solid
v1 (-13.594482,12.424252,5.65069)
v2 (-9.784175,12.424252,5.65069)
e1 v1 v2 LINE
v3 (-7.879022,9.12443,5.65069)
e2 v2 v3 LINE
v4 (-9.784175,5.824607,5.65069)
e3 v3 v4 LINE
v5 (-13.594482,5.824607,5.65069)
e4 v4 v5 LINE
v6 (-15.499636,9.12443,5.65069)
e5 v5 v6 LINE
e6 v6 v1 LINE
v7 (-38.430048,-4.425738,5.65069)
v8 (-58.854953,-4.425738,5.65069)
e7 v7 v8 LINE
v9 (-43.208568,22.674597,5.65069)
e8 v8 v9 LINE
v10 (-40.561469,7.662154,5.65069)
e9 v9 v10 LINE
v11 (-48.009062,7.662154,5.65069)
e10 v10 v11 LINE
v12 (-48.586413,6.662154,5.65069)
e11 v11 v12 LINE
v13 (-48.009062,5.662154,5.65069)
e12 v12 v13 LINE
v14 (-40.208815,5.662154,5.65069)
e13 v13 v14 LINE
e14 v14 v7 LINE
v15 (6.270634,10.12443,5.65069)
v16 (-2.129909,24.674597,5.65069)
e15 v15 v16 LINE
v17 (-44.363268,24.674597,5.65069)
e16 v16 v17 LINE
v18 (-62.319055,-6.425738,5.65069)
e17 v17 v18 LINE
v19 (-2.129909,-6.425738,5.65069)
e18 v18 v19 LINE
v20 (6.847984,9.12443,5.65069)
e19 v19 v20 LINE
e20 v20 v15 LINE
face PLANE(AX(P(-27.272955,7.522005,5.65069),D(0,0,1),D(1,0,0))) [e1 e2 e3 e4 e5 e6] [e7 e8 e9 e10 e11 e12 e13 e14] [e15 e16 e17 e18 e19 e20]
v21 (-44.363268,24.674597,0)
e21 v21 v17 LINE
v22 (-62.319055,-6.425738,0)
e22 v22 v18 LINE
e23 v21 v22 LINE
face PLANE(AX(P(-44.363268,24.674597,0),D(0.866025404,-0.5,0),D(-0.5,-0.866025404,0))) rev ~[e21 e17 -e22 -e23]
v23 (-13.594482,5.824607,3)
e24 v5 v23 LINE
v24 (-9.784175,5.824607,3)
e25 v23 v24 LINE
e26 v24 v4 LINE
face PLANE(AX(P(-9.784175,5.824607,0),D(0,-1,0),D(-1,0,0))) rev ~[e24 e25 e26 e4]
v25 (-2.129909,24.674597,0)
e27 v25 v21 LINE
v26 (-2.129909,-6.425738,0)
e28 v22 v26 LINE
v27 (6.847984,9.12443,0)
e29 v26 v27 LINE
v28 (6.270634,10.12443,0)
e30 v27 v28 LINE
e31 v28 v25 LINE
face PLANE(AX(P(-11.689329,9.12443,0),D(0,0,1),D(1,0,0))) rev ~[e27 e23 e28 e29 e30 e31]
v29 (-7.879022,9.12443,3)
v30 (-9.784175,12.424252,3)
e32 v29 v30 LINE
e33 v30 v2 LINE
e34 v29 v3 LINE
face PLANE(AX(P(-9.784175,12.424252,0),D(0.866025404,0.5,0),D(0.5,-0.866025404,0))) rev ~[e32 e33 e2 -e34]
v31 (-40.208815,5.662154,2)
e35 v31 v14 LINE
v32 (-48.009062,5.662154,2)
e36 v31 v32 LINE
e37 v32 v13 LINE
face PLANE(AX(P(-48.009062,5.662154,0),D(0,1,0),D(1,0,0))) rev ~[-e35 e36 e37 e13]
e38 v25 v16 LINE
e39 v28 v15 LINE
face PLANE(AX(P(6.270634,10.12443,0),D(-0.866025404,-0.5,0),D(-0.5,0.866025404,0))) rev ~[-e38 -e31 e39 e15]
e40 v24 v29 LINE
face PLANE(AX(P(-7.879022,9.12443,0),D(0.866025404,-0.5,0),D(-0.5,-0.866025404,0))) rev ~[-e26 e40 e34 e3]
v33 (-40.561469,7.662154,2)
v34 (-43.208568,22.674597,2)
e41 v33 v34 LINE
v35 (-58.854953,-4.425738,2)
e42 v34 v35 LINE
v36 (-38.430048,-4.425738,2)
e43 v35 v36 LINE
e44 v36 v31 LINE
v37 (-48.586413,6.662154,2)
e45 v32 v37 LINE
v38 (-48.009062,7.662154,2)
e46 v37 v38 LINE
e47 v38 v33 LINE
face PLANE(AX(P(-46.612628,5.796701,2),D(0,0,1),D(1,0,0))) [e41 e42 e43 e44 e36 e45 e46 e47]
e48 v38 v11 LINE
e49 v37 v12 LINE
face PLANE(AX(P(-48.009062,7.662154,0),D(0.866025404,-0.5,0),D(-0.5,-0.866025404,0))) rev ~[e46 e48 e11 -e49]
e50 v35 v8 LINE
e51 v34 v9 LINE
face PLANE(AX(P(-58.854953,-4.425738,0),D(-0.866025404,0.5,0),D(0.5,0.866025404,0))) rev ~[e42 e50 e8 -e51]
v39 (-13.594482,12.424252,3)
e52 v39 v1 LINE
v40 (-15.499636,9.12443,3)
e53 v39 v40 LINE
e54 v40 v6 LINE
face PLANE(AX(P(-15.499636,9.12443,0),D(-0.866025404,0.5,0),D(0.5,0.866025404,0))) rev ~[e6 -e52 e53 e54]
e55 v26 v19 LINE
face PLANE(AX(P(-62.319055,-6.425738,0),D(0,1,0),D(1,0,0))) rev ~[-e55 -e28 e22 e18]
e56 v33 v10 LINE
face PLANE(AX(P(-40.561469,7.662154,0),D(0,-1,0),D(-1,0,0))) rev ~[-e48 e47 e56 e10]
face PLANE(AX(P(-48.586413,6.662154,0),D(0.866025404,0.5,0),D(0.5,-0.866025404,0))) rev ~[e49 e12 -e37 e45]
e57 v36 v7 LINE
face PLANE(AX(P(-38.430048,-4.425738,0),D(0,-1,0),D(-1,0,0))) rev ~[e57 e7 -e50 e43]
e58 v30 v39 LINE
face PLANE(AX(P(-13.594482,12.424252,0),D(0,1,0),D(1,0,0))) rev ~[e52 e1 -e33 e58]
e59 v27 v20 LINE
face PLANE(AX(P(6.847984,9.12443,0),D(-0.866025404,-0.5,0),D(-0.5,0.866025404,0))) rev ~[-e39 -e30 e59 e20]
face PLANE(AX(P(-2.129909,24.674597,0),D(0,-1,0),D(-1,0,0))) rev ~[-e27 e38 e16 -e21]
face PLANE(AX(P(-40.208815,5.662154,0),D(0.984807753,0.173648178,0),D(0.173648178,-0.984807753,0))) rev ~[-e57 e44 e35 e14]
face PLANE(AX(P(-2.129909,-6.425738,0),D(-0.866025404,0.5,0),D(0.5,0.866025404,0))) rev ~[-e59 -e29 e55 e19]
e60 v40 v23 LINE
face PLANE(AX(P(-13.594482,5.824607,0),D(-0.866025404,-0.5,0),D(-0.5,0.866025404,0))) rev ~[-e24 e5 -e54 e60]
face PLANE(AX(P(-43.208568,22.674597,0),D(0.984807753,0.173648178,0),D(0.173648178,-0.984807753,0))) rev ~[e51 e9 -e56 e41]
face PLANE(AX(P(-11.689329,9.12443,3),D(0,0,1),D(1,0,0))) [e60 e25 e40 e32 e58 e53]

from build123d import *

# Parameters (mm, degrees)
F1_DEPTH = 2
F2_DEPTH = 5.6506898254
F3_DEPTH = 3


with BuildPart() as f1:
    # F0 (on Top) → F1 (new body)
    with BuildSketch(Plane.XY):
        Polygon((-43.2085677565, 22.6745967576), (-58.8549531333, -4.4257376699), (-38.4300476107, -4.4257376699), (-40.2088151152, 5.6621541398), (-48.0090622621, 5.6621541398), (-48.5864125313, 6.6621541398), (-48.0090622621, 7.6621541398), (-40.5614690766, 7.6621541398), align=None)
    extrude(amount=F1_DEPTH)



with BuildPart() as f1b:
    # F0 (on Top) → F1, piece 2 (new body)
    with BuildSketch(Plane.XY):
        Polygon((-41.2085677565, 22.6745967576), (-36.4300476107, -4.4257376699), (-25.5239465254, -4.4257376699), (-23.5239465254, -4.4257376699), (-23.1770010553, -4.4257376699), (-25.5239465254, 8.8844515061), (-33.4898163741, 8.8844515061), (-34.0671666433, 9.8844515061), (-33.4898163741, 10.8844515061), (-22.7936475677, 10.8844515061), (-20.0940481363, -4.4257376699), (-3.2846095154, -4.4257376699), (4.538583173, 9.1244295439), (-3.2846095154, 22.6745967576), (-20.0940481363, 22.6745967576), (-24.4790815038, 15.0794961721), (-25.6024042349, 14.7936511306), (-33.2868439501, 22.6745967576), align=None)
        Polygon((-15.4996355878, 9.1244295439), (-13.5944822068, 12.424251996), (-9.7841754448, 12.424251996), (-7.8790220638, 9.1244295439), (-9.7841754448, 5.8246070917), (-13.5944822068, 5.8246070917), align=None, mode=Mode.SUBTRACT)
    extrude(amount=F1_DEPTH)


with BuildPart() as f1_1:
    add(f1.part)

    add(f1b.part)  # F2 merges F1b
    # F0 (on Top) → F2 (join)
    with BuildSketch(Plane.XY):
        Polygon((-20.0940481363, 24.6745967576), (-44.3632682949, 24.6745967576), (-62.3190547484, -6.4257376699), (-38.9180315569, -6.4257376699), (-2.129908977, -6.4257376699), (6.8479842498, 9.1244295439), (6.2706339806, 10.1244295439), (-2.129908977, 24.6745967576), (-2.8602079346, 24.6745967576), align=None)
        Polygon((-38.4300476107, -4.4257376699), (-58.8549531333, -4.4257376699), (-43.2085677565, 22.6745967576), (-41.2085677565, 22.6745967576), (-33.2868439501, 22.6745967576), (-30.5356123181, 22.6745967576), (-20.0940481363, 22.6745967576), (-3.2846095154, 22.6745967576), (4.538583173, 9.1244295439), (-3.2846095154, -4.4257376699), (-20.0940481363, -4.4257376699), (-23.1770010553, -4.4257376699), (-23.5239465254, -4.4257376699), (-25.5239465254, -4.4257376699), (-36.4300476107, -4.4257376699), align=None, mode=Mode.SUBTRACT)
        Polygon((-41.2085677565, 22.6745967576), (-36.4300476107, -4.4257376699), (-25.5239465254, -4.4257376699), (-23.5239465254, -4.4257376699), (-23.1770010553, -4.4257376699), (-25.5239465254, 8.8844515061), (-33.4898163741, 8.8844515061), (-34.0671666433, 9.8844515061), (-33.4898163741, 10.8844515061), (-22.7936475677, 10.8844515061), (-20.0940481363, -4.4257376699), (-3.2846095154, -4.4257376699), (4.538583173, 9.1244295439), (-3.2846095154, 22.6745967576), (-20.0940481363, 22.6745967576), (-24.4790815038, 15.0794961721), (-25.6024042349, 14.7936511306), (-33.2868439501, 22.6745967576), align=None)
        Polygon((-15.4996355878, 9.1244295439), (-13.5944822068, 12.424251996), (-9.7841754448, 12.424251996), (-7.8790220638, 9.1244295439), (-9.7841754448, 5.8246070917), (-13.5944822068, 5.8246070917), align=None, mode=Mode.SUBTRACT)
        Polygon((-25.5239465254, 8.8844515061), (-23.1770010553, -4.4257376699), (-20.0940481363, -4.4257376699), (-22.7936475677, 10.8844515061), (-33.4898163741, 10.8844515061), (-34.0671666433, 9.8844515061), (-33.4898163741, 8.8844515061), align=None)
        Polygon((-40.2088151152, 5.6621541398), (-38.4300476107, -4.4257376699), (-36.4300476107, -4.4257376699), (-41.2085677565, 22.6745967576), (-43.2085677565, 22.6745967576), (-40.5614690766, 7.6621541398), align=None)
        Polygon((-20.0940481363, 22.6745967576), (-30.5356123181, 22.6745967576), (-24.1704509766, 16.1898996279), (-24.4790815038, 15.0794961721), align=None)
        Polygon((-30.5356123181, 22.6745967576), (-33.2868439501, 22.6745967576), (-25.6024042349, 14.7936511306), (-24.4790815038, 15.0794961721), (-24.1704509766, 16.1898996279), align=None)
        Polygon((-48.0090622621, 5.6621541398), (-40.2088151152, 5.6621541398), (-40.5614690766, 7.6621541398), (-48.0090622621, 7.6621541398), (-48.5864125313, 6.6621541398), align=None)
    extrude(amount=F2_DEPTH)

    # F0 (on Top) → F3 (join)
    with BuildSketch(Plane.XY):
        Polygon((-9.7841754448, 12.424251996), (-13.5944822068, 12.424251996), (-15.4996355878, 9.1244295439), (-13.5944822068, 5.8246070917), (-9.7841754448, 5.8246070917), (-7.8790220638, 9.1244295439), align=None)
    extrude(amount=F3_DEPTH)


solid = f1_1.part
